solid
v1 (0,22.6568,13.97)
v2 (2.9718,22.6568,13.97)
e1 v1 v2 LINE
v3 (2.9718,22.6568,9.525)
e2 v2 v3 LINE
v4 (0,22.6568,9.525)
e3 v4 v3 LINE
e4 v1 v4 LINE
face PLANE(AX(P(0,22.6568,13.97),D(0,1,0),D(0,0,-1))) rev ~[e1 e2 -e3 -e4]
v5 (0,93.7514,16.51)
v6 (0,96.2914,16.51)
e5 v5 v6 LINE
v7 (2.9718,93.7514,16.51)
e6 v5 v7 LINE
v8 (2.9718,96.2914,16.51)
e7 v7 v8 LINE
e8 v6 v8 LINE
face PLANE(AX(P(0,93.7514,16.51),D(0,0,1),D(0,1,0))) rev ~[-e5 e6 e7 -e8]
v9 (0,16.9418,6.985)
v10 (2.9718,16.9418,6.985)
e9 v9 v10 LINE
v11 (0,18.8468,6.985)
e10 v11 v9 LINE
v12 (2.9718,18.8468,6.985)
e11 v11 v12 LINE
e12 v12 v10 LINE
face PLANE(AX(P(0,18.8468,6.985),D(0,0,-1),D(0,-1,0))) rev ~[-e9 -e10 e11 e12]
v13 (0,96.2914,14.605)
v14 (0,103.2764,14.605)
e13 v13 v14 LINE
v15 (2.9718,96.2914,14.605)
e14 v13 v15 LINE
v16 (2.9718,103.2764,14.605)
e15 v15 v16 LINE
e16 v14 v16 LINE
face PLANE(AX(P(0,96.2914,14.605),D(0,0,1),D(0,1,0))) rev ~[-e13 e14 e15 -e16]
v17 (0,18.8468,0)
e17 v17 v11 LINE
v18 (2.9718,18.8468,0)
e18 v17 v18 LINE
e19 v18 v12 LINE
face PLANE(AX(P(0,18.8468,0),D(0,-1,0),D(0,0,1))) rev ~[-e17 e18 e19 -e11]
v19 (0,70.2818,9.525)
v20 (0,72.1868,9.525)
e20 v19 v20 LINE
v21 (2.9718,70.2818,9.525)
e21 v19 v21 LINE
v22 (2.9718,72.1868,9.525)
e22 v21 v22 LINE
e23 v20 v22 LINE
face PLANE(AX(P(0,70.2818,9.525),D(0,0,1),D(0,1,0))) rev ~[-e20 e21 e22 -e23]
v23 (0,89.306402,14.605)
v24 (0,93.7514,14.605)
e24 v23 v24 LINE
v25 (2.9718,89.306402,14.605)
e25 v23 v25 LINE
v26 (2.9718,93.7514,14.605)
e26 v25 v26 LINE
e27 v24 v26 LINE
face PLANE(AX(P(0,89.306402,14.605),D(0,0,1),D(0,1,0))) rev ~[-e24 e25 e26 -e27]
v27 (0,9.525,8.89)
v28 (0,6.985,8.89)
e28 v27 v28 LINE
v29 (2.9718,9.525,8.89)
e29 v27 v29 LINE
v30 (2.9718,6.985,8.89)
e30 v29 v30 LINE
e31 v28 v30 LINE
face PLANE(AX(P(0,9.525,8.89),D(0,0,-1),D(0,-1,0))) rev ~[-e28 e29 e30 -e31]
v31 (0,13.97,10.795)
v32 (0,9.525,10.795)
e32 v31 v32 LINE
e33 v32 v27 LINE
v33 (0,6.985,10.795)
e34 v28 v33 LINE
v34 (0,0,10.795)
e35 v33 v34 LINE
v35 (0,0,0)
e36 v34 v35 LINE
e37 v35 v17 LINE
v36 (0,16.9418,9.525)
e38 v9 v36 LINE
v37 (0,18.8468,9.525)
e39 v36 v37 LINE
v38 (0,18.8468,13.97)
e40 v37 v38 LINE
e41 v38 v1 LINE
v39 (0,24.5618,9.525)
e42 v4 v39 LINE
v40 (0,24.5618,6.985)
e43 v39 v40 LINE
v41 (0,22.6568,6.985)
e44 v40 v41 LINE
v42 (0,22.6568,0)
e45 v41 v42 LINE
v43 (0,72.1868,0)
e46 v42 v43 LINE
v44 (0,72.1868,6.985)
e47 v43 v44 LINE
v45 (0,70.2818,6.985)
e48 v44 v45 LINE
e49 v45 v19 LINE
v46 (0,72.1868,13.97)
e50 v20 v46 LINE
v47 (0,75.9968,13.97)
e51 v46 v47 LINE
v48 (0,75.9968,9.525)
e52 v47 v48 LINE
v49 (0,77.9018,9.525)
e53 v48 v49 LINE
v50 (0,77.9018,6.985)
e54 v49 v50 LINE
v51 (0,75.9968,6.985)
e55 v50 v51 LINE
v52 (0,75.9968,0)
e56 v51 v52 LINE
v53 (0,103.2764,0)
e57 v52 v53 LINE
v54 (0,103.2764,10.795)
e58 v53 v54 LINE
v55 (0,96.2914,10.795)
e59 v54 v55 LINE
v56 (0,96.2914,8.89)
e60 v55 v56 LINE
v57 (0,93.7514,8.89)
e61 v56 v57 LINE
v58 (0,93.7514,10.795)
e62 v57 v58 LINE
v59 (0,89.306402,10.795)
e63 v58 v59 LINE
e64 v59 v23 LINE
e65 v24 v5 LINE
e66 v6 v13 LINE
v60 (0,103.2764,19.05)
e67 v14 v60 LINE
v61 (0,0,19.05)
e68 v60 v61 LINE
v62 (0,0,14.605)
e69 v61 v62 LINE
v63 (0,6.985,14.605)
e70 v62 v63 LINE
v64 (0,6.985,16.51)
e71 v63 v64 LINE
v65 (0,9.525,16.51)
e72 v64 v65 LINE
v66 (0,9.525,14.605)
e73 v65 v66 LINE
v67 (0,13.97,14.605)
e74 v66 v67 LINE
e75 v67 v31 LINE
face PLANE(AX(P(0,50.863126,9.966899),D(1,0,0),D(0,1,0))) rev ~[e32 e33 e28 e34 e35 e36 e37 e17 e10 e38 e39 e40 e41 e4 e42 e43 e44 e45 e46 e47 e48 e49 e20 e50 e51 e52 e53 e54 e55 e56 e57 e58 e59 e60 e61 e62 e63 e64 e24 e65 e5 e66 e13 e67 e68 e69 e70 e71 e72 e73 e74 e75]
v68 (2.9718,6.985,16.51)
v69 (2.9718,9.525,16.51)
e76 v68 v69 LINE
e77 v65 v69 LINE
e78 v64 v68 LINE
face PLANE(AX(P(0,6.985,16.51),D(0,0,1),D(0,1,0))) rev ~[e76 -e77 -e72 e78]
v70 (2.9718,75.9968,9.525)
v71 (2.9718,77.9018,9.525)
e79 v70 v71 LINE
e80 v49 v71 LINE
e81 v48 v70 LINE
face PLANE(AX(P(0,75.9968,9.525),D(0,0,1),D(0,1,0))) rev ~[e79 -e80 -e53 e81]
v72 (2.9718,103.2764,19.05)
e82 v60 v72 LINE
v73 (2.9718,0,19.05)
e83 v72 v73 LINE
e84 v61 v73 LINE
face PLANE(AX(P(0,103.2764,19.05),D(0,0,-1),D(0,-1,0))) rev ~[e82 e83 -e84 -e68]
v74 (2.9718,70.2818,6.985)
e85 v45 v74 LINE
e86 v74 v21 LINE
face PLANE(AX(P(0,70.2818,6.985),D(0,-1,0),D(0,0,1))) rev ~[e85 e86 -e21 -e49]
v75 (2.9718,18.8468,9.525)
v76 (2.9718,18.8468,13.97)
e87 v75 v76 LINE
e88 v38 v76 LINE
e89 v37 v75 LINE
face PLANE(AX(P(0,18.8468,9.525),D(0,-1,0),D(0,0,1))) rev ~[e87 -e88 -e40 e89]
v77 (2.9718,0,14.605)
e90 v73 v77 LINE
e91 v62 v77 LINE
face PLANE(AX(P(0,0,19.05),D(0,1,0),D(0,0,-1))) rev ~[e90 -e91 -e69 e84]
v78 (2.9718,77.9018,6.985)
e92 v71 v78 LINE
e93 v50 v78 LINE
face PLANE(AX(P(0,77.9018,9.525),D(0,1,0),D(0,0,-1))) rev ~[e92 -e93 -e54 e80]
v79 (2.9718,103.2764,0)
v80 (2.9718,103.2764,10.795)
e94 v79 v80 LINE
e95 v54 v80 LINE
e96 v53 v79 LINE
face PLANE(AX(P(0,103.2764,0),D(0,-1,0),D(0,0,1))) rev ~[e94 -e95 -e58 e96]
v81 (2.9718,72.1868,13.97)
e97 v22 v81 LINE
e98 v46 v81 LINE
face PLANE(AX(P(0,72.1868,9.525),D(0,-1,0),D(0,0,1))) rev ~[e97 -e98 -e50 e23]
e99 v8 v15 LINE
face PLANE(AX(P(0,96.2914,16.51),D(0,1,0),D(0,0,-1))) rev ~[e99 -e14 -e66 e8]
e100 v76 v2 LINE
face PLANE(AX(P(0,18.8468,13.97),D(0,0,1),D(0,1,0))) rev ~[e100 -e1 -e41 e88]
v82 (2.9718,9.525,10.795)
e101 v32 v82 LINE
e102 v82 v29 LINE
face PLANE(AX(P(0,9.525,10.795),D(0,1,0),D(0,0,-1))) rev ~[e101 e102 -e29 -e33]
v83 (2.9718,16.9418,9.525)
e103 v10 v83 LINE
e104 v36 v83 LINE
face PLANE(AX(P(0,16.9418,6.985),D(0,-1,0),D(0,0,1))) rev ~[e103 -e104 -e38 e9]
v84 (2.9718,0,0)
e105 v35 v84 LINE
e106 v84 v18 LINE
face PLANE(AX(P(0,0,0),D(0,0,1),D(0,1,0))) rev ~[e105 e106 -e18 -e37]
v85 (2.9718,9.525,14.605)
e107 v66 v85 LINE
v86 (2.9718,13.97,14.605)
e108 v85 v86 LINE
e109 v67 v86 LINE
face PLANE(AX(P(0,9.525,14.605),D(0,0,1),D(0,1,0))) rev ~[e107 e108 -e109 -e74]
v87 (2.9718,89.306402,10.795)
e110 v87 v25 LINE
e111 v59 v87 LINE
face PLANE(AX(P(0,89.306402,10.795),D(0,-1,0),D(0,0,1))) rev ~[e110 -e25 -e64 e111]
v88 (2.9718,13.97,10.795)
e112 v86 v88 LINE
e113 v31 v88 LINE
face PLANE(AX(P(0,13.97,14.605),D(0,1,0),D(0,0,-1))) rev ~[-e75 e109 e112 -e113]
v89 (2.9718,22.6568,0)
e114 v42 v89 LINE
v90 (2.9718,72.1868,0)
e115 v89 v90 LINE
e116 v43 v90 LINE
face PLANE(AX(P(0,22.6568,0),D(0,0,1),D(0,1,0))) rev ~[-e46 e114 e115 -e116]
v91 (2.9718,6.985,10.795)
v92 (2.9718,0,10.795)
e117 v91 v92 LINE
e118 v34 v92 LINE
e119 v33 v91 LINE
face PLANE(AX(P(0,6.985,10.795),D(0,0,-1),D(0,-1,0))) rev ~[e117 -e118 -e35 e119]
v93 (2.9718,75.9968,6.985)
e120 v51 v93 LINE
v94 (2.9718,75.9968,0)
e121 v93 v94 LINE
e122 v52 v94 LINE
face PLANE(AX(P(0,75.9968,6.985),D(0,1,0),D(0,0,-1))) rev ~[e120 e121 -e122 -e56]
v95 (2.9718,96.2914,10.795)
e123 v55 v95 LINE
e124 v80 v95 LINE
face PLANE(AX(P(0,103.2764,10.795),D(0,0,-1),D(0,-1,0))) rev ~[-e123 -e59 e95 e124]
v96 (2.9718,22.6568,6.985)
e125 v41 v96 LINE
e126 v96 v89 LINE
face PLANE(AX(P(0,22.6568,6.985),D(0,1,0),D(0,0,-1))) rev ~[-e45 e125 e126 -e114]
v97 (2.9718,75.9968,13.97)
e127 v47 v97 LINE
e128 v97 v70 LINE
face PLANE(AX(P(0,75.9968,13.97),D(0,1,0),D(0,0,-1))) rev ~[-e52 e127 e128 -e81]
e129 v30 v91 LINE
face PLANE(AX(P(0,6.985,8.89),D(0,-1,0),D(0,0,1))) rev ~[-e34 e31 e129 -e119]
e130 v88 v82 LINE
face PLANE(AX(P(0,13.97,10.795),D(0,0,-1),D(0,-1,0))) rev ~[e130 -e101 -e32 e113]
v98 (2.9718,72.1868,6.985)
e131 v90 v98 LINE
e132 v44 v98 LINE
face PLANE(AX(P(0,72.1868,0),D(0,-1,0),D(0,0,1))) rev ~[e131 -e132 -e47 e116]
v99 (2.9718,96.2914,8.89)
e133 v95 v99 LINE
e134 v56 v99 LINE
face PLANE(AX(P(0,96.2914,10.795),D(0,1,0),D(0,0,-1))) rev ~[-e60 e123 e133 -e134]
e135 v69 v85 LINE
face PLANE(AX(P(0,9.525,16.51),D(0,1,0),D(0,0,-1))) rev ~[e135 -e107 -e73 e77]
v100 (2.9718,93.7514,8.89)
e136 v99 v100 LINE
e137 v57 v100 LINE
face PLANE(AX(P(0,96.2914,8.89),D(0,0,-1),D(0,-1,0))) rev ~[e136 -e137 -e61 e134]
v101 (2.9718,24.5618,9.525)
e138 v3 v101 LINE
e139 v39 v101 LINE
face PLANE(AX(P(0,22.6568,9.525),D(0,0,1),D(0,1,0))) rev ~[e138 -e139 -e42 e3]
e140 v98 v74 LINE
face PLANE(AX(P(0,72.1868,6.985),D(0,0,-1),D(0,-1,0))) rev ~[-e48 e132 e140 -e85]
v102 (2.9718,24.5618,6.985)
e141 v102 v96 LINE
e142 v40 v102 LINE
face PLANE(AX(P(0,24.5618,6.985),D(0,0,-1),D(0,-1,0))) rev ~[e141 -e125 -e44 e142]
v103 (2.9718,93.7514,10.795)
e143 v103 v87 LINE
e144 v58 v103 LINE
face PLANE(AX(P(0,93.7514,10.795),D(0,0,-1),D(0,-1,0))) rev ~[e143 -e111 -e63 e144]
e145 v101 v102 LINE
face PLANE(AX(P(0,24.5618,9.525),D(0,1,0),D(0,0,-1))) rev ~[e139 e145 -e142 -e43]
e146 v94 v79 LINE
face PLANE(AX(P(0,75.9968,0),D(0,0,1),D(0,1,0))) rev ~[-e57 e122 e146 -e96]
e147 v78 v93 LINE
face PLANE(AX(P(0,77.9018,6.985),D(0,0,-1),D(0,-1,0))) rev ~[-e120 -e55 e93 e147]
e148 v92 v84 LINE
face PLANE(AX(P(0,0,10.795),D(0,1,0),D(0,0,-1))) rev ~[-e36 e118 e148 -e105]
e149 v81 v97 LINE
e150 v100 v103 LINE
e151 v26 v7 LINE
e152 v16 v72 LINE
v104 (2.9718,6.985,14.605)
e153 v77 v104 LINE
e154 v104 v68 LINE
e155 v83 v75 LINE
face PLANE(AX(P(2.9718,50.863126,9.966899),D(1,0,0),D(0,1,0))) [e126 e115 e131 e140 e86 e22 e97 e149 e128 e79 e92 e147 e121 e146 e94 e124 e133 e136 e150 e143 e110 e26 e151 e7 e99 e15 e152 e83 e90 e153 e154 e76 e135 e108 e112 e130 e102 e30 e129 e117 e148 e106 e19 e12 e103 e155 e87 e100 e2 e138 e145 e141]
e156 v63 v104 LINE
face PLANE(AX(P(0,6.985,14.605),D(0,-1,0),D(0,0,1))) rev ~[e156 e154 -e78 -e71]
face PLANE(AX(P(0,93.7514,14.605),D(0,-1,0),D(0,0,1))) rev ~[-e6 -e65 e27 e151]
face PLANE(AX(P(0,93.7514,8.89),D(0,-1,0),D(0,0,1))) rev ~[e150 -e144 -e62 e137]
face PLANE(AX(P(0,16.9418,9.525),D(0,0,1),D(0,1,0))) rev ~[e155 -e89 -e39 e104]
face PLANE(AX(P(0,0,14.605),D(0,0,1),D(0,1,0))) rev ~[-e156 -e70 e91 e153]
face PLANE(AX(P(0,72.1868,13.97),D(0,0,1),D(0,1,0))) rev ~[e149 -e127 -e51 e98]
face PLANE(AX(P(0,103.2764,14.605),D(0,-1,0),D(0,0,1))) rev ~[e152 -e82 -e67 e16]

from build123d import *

# Parameters (mm, degrees)
F1_DEPTH = 2.9718


with BuildPart() as f1:
    # F0 (on Right) → F1 (new body)
    with BuildSketch(Plane.YZ):
        Polygon((0, 10.795), (0, 0), (18.8468, 0), (18.8468, 6.985), (16.9418, 6.985), (16.9418, 9.525), (18.8468, 9.525), (18.8468, 13.97), (22.6568, 13.97), (22.6568, 9.525), (24.5618, 9.525), (24.5618, 6.985), (22.6568, 6.985), (22.6568, 0), (72.1868, 0), (72.1868, 6.985), (70.2818, 6.985), (70.2818, 9.525), (72.1868, 9.525), (72.1868, 13.97), (75.9968, 13.97), (75.9968, 9.525), (77.9018, 9.525), (77.9018, 6.985), (75.9968, 6.985), (75.9968, 0), (103.2764, 0), (103.2764, 10.795), (96.2914, 10.795), (96.2914, 8.89), (93.7514, 8.89), (93.7514, 10.795), (89.306402, 10.795), (89.306402, 14.605), (93.7514, 14.605), (93.7514, 16.51), (96.2914, 16.51), (96.2914, 14.605), (103.2764, 14.605), (103.2764, 19.05), (0, 19.05), (0, 14.605), (6.985, 14.605), (6.985, 16.51), (9.525, 16.51), (9.525, 14.605), (13.97, 14.605), (13.97, 10.795), (9.525, 10.795), (9.525, 8.89), (6.985, 8.89), (6.985, 10.795), align=None)
    extrude(amount=F1_DEPTH)


solid = f1.part
